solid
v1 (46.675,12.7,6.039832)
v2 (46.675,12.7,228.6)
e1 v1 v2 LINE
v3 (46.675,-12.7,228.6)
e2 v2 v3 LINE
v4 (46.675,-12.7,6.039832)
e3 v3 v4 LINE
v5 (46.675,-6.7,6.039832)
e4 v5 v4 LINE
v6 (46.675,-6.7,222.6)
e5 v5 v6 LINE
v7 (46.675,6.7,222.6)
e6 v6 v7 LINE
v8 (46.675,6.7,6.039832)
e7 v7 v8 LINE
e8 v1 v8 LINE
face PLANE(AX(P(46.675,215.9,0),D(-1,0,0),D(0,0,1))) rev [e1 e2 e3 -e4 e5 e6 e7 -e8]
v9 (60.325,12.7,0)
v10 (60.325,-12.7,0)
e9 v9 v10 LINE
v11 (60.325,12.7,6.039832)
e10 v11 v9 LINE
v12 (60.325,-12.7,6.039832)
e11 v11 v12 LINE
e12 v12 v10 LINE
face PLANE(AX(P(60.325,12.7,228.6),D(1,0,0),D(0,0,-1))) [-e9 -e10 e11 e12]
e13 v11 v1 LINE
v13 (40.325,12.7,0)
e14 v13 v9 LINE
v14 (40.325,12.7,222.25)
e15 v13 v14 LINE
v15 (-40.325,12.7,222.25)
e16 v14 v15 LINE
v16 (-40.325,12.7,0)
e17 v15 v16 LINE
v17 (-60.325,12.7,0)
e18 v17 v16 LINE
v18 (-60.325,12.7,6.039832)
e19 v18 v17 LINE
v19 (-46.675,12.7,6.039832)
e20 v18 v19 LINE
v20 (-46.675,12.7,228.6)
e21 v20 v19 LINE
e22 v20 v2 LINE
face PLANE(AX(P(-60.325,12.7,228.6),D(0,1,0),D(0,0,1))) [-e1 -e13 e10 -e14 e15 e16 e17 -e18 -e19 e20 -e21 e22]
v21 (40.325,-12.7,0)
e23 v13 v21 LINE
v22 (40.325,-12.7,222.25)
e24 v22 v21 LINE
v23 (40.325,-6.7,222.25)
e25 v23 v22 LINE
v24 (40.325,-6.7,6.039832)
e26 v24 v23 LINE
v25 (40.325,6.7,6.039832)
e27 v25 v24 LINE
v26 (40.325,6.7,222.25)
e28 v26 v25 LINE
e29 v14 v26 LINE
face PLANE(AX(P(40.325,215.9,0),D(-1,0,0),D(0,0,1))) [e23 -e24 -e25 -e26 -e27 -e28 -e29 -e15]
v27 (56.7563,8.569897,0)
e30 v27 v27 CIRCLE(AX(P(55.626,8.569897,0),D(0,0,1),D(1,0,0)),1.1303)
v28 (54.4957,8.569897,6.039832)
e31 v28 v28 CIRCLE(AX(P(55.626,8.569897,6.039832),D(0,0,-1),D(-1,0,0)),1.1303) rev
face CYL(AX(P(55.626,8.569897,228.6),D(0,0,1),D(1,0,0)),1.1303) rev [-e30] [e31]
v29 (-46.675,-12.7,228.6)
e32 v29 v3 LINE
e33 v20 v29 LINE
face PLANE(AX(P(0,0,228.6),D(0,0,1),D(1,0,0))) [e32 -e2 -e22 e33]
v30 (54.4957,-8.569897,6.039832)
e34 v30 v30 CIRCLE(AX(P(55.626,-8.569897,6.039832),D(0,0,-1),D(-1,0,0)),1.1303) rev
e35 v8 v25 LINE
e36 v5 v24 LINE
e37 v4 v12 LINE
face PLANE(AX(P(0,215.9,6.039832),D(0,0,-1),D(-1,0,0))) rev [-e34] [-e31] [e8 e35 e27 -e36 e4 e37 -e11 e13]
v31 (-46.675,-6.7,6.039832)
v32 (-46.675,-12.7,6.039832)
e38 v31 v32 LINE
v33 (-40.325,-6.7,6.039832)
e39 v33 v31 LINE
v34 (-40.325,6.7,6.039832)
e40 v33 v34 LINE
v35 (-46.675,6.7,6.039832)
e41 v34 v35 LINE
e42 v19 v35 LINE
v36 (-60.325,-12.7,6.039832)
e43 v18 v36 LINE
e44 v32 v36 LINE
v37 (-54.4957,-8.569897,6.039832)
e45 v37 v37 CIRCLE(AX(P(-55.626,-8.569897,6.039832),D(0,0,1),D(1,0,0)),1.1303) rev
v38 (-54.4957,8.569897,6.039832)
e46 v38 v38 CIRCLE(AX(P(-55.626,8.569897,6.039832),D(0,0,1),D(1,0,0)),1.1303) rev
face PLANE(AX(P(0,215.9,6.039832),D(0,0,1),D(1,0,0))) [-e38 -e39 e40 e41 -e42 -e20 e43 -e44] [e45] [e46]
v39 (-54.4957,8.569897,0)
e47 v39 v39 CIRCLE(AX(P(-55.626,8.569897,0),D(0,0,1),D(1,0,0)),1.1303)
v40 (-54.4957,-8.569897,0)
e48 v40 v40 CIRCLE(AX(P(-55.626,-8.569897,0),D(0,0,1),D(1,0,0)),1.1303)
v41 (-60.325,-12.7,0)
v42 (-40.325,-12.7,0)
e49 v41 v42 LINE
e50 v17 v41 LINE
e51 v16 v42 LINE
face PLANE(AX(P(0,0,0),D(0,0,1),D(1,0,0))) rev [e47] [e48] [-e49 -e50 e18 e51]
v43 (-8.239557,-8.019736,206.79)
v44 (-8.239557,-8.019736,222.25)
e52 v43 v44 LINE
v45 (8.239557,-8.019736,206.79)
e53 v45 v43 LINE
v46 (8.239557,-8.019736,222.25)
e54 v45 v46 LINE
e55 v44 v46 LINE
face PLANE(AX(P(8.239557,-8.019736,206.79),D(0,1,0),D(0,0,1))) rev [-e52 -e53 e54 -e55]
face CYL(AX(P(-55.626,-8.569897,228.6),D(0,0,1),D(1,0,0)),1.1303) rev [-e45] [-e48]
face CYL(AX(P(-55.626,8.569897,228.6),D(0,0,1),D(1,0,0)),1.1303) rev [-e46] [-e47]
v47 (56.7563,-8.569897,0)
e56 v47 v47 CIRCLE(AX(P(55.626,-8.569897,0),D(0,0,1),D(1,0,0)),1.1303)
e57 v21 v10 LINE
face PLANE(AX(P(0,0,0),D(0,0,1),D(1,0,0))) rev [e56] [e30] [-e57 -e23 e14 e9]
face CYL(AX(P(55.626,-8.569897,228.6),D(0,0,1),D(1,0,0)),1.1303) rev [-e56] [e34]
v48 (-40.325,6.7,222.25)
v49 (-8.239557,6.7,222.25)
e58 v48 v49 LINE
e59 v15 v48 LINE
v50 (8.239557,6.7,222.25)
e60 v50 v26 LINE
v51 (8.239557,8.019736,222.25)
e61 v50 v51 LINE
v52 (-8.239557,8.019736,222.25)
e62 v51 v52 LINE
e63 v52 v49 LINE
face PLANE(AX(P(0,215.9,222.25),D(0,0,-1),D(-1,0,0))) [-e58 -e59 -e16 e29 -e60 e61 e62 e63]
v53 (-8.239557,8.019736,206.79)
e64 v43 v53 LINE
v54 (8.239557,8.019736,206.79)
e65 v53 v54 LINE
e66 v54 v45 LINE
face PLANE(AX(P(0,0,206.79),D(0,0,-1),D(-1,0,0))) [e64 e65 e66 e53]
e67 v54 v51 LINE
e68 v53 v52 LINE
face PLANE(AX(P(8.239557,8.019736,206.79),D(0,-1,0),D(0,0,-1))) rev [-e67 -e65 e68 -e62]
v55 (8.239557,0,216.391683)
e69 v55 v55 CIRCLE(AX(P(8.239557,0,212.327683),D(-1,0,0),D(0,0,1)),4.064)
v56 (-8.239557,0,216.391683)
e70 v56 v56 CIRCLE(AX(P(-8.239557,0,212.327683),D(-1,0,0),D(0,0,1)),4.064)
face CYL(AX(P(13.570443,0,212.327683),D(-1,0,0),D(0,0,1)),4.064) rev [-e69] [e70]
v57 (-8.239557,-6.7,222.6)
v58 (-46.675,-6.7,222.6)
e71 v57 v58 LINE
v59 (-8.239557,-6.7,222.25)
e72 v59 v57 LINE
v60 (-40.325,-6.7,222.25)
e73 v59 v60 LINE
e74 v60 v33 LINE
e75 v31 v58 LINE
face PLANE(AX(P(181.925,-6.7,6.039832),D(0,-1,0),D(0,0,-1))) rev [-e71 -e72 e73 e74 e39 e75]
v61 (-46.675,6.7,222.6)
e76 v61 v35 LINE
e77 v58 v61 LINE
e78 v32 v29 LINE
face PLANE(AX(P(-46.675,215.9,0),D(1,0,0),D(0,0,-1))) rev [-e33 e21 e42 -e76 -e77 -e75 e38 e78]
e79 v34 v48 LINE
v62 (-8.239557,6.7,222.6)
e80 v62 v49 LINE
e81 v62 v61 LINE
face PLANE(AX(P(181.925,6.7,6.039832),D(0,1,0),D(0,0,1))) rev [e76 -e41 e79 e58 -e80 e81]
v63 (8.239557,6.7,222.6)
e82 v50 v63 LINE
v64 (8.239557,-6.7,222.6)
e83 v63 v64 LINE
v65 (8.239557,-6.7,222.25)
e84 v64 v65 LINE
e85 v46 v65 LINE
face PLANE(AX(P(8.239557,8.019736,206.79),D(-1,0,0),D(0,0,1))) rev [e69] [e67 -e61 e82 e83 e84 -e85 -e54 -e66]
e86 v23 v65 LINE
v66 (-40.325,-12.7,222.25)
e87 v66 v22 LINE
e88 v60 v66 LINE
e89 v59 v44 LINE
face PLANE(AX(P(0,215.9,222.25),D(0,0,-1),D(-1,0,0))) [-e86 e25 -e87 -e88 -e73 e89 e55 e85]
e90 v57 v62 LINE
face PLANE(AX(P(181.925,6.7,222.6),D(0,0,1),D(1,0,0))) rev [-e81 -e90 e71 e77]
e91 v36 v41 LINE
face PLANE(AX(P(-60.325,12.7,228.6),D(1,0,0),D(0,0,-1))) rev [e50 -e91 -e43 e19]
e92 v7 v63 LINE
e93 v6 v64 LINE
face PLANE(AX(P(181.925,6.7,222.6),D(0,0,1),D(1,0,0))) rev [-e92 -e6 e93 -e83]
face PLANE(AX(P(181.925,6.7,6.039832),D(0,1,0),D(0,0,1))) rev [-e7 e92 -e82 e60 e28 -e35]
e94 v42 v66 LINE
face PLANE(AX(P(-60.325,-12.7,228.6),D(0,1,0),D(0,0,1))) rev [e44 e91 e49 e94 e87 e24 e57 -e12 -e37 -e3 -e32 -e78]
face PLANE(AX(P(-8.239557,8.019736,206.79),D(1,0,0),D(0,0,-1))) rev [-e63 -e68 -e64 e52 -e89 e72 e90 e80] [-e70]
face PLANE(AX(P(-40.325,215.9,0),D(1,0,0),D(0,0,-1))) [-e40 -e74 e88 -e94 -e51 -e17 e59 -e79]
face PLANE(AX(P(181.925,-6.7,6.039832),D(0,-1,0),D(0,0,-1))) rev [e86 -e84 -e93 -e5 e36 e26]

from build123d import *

# Parameters (mm, degrees)
SKETCH2_W             = 120.65
SKETCH2_H             = 25.4
BOSS_EXTRUDE2_DEPTH   = 228.6
F_4_40_TAPPED_HOLE2_D = 2.2606
SKETCH3_W             = 13.65
SKETCH3_H             = 222.560167774
CUT_EXTRUDE2_DEPTH    = 228.6
SKETCH9_W             = 216.560167774
SKETCH9_H             = 13.4
CUT_EXTRUDE3_DEPTH    = 228.6
SKETCH12_W            = 16.47911479
SKETCH12_H            = 16.039471942
BOSS_EXTRUDE4_DEPTH   = 15.81
SKETCH13_R            = 4.064
CUT_EXTRUDE4_DEPTH    = 21.81


with BuildPart() as part:
    # Sketch2 → Boss-Extrude2 (new body)
    with BuildSketch(Plane.XY):
        Rectangle(SKETCH2_W, SKETCH2_H)
    extrude(amount=BOSS_EXTRUDE2_DEPTH)

    # #4-40 Tapped Hole2 (through all)
    with Locations(Plane.XY.offset(228.6)):
        with Locations((-55.626, 8.5698965), (-55.626, -8.5698965), (55.626, 8.5698965), (55.626, -8.5698965)):
            Hole(F_4_40_TAPPED_HOLE2_D / 2)

    # Sketch3 → Cut-Extrude2 (cut)
    with BuildSketch(Plane.XZ.offset(12.7)):
        Polygon((-40.325, 6.039832226), (-40.325, 0), (40.325, 0), (40.325, 6.039832226), (40.325, 222.25), (-40.325, 222.25), align=None)
        with Locations((-53.5, 117.319916113)):
            Rectangle(SKETCH3_W, SKETCH3_H)
        with Locations((53.5, 117.319916113)):
            Rectangle(SKETCH3_W, SKETCH3_H)
    extrude(amount=-CUT_EXTRUDE2_DEPTH, mode=Mode.SUBTRACT)

    # Sketch9 → Cut-Extrude3 (cut)
    with BuildSketch(Plane.ZY.offset(46.675)):
        with Locations((114.319916113, 0)):
            Rectangle(SKETCH9_W, SKETCH9_H)
    extrude(amount=-CUT_EXTRUDE3_DEPTH, mode=Mode.SUBTRACT)

    # Sketch12 → Boss-Extrude4 (add)
    with BuildSketch(Plane(origin=(0, 0, 222.6), x_dir=(-1, 0, 0), z_dir=(0, 0, -1))):
        Rectangle(SKETCH12_W, SKETCH12_H)
    extrude(amount=BOSS_EXTRUDE4_DEPTH)

    # Sketch13 → Cut-Extrude4 (cut)
    with BuildSketch(Plane.ZY.offset(8.239557395)):
        with Locations((212.3276832, 0)):
            Circle(SKETCH13_R)
    extrude(amount=-CUT_EXTRUDE4_DEPTH, mode=Mode.SUBTRACT)


solid = part.part
